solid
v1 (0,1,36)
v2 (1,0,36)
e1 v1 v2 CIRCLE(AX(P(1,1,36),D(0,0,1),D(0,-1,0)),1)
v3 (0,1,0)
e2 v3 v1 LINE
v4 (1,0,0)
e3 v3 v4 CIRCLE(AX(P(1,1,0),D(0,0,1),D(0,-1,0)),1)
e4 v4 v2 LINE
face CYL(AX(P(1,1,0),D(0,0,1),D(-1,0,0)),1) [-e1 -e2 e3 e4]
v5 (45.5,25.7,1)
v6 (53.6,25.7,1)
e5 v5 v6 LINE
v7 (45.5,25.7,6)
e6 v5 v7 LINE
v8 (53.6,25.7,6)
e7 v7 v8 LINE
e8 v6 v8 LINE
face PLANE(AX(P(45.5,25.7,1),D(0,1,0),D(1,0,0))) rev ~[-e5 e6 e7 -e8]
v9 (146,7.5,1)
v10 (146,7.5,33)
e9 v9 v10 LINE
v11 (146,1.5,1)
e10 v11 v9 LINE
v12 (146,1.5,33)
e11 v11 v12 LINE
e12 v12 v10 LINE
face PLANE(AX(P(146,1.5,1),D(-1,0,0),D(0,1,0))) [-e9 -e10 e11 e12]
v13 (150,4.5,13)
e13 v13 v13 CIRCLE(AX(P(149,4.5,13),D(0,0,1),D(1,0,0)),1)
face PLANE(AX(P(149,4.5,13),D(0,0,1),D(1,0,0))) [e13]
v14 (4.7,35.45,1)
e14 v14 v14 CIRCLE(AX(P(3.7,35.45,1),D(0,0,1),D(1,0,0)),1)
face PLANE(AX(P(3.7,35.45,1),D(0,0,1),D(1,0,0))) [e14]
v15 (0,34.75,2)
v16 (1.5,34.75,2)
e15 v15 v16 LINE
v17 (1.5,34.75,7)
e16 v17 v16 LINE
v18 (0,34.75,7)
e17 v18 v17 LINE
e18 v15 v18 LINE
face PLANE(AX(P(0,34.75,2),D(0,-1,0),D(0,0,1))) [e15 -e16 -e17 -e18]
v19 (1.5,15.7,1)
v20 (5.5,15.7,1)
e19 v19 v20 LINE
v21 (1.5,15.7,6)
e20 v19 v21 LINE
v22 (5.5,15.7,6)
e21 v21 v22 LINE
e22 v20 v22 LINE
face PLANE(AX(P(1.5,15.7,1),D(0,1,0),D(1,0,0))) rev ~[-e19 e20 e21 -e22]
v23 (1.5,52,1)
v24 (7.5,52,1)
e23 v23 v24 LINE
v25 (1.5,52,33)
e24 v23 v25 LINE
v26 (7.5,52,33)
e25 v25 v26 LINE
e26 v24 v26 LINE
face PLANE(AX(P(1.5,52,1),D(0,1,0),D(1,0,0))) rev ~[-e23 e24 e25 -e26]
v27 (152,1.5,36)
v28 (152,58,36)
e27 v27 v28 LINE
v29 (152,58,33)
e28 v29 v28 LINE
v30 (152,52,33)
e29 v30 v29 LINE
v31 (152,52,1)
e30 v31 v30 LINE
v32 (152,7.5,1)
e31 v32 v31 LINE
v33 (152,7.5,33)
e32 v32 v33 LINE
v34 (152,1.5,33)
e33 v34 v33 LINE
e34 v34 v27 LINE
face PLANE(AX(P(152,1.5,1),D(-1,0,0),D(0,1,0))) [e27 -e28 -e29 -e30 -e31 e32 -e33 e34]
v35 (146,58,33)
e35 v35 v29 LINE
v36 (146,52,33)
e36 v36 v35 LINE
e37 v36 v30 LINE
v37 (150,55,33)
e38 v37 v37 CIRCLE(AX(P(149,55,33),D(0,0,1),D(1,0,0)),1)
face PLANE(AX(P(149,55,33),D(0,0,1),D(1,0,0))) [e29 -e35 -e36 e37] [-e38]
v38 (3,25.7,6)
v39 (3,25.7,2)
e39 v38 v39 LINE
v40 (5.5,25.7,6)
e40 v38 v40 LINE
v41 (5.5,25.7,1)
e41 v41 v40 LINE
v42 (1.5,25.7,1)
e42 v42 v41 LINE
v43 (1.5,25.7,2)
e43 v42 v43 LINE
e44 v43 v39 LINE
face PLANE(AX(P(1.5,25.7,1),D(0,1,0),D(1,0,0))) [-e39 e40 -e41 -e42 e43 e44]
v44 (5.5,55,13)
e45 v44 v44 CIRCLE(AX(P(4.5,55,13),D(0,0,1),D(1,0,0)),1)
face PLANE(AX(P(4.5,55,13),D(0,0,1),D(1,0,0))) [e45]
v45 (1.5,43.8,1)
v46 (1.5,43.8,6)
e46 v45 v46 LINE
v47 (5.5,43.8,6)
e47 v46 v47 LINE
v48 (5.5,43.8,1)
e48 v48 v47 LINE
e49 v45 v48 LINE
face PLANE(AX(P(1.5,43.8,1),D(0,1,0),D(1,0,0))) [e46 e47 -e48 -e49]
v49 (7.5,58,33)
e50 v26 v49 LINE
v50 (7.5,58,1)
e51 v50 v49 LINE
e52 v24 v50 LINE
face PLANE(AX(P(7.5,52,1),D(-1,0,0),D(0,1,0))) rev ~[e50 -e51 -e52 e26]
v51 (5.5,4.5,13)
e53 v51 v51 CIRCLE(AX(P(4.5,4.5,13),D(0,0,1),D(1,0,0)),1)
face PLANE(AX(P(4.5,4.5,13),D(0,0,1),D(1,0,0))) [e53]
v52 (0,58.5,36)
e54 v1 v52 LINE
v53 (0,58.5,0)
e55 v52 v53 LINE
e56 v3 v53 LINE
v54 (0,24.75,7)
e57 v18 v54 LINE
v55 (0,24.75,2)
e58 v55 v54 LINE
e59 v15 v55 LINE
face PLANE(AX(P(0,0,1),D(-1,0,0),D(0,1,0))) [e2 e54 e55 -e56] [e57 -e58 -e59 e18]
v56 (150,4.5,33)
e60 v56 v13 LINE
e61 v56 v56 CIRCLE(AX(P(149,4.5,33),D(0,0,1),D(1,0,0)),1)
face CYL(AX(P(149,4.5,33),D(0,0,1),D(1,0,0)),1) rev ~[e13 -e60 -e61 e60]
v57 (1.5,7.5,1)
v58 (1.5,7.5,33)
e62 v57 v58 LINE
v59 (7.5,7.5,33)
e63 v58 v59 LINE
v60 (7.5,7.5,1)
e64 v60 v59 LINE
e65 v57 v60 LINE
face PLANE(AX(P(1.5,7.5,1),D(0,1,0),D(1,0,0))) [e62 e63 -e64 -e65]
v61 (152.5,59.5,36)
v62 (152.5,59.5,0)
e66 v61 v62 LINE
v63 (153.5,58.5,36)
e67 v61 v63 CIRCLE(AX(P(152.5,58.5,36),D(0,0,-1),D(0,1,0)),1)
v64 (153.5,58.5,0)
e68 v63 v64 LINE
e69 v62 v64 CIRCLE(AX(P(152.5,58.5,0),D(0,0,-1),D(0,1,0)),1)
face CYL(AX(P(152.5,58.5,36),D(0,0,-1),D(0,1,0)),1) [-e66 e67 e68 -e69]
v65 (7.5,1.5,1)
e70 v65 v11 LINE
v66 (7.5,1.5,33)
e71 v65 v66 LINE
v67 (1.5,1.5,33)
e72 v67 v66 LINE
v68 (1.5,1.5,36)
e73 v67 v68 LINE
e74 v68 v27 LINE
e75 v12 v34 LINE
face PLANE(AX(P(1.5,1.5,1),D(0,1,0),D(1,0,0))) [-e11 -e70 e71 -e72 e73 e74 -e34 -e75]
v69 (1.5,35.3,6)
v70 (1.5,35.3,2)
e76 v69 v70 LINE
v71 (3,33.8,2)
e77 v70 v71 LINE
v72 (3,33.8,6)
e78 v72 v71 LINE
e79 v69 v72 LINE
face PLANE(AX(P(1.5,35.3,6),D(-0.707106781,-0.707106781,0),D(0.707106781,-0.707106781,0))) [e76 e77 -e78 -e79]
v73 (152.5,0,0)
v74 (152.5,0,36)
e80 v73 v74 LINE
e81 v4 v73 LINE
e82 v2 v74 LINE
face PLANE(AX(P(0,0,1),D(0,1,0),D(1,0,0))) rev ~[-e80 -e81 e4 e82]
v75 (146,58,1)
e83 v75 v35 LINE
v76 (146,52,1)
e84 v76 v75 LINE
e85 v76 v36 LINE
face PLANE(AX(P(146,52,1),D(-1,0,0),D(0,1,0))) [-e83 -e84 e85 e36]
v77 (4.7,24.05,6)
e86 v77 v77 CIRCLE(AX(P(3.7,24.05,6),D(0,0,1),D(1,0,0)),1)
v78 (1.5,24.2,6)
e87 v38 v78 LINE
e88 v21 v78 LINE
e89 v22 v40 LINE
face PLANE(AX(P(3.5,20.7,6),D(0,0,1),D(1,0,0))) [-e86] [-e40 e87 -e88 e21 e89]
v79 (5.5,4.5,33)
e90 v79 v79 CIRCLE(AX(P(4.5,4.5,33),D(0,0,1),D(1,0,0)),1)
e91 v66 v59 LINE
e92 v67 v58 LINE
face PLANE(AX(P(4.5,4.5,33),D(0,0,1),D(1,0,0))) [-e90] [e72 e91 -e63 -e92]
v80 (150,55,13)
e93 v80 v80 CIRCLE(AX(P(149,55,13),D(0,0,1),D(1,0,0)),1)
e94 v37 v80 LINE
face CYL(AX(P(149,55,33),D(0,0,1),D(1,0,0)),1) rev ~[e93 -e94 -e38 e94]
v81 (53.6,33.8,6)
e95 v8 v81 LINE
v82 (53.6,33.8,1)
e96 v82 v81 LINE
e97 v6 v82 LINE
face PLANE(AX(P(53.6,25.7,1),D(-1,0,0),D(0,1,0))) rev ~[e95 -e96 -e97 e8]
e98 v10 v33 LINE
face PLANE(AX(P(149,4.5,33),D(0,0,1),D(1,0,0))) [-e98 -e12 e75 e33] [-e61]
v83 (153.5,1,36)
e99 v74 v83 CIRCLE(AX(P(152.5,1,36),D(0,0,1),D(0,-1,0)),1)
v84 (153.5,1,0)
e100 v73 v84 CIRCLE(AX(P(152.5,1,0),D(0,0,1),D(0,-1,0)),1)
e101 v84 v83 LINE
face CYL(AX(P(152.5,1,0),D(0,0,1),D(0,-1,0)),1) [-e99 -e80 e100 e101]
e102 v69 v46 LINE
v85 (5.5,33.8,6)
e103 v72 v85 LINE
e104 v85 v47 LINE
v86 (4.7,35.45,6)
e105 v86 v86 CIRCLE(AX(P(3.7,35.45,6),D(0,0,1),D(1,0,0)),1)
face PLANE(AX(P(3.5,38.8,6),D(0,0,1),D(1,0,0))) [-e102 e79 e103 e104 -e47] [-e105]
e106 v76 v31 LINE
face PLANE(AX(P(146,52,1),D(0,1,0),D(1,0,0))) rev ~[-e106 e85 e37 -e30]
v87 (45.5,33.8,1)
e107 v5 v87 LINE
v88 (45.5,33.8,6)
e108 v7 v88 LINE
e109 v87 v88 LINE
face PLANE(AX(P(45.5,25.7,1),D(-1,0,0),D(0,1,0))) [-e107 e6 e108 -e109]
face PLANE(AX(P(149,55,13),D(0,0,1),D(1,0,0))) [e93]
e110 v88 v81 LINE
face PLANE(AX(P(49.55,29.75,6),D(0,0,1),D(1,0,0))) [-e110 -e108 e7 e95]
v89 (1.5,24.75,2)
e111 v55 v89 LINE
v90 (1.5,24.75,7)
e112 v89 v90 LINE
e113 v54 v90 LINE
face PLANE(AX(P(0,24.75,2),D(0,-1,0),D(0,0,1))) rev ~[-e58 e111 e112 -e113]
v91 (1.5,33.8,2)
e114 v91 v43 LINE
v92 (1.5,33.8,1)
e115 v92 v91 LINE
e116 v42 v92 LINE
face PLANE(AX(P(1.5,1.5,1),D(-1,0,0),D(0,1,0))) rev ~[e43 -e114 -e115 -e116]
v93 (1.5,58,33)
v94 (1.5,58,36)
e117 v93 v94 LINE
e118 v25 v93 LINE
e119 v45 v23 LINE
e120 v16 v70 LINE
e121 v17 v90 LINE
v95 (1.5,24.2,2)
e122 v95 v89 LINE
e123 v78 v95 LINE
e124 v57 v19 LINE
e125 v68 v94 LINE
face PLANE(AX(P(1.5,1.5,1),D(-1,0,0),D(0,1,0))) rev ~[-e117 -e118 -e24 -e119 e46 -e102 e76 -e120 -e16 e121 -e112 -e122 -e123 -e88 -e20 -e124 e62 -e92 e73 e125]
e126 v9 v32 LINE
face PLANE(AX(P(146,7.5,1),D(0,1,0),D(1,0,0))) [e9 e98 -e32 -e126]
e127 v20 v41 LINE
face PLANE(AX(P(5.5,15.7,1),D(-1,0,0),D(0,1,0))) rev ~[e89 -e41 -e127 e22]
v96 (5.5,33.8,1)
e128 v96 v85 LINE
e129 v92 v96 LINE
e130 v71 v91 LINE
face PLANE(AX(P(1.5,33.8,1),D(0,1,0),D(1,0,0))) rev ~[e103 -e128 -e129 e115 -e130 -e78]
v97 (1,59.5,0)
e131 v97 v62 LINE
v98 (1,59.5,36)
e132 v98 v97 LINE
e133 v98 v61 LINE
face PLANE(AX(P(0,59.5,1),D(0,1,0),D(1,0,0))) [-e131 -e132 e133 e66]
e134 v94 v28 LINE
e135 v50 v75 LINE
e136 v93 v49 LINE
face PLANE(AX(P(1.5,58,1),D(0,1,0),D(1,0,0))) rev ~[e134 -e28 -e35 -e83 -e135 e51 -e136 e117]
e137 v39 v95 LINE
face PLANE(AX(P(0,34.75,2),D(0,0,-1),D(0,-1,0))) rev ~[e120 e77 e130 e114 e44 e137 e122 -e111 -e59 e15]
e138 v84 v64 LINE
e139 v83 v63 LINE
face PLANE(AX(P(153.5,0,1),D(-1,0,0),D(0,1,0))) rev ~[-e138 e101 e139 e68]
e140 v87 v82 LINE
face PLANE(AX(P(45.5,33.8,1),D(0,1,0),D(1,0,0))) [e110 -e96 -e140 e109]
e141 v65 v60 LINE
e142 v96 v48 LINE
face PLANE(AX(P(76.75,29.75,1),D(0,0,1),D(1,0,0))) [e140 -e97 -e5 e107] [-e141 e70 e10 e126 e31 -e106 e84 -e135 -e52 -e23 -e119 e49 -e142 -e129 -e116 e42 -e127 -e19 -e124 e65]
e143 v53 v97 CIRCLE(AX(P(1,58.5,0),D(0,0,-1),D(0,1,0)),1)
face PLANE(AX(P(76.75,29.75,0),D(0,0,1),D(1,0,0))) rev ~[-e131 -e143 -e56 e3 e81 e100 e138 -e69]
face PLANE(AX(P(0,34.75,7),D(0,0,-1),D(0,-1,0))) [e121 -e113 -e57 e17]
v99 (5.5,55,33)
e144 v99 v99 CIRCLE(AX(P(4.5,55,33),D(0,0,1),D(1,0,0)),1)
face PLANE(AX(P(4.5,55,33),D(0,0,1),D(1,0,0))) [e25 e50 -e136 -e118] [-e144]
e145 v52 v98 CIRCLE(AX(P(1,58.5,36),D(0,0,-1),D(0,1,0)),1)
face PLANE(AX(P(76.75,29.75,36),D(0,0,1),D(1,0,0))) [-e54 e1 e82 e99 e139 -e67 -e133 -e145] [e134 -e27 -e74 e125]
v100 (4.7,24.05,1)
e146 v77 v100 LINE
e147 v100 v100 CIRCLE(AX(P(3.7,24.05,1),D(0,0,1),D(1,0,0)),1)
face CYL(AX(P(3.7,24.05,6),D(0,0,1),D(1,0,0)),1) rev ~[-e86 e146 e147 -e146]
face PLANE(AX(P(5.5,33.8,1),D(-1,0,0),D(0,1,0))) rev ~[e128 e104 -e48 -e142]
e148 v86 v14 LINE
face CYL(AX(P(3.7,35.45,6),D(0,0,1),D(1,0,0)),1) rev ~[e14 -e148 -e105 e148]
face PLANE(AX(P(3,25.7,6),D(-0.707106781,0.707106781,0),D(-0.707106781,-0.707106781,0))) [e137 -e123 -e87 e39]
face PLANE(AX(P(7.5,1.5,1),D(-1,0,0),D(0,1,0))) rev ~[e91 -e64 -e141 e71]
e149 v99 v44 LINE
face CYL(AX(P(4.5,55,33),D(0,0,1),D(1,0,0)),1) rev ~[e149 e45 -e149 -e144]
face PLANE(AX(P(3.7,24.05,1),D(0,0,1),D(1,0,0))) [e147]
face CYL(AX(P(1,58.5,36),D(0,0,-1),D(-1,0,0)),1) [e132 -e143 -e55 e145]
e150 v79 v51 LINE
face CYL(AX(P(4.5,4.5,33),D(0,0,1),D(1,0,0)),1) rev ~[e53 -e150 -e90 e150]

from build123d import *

# Parameters (mm, degrees)
SKETCH_W        = 153.5
SKETCH_H        = 59.5
PAD_DEPTH       = 1
SKETCH001_W     = 153.5
SKETCH001_H     = 59.5
SKETCH001_W_2   = 150.5
SKETCH001_H_2   = 56.5
PAD001_DEPTH    = 35
SKETCH002_W     = 6
SKETCH002_H     = 6
PAD002_DEPTH    = 32
SKETCH003_R     = 1
POCKET_DEPTH    = 20
SKETCH004_W     = 4
SKETCH004_H     = 10
SKETCH004_W_2   = 8.1
SKETCH004_H_2   = 8.1
PAD003_DEPTH    = 5
SKETCH005_R     = 1
POCKET001_DEPTH = 5
SKETCH006_W     = 10
SKETCH006_H     = 5
POCKET002_DEPTH = 1.5
FILLET_R        = 1
POCKET003_DEPTH = 4


with BuildPart() as part:
    # Sketch → Pad (new body)
    with BuildSketch(Plane.XY):
        with Locations((76.75, 29.75)):
            Rectangle(SKETCH_W, SKETCH_H)
    extrude(amount=PAD_DEPTH)

    # Sketch001 (on Face6 of Pad) → Pad001 (join)
    with BuildSketch(Plane.XY.offset(1)):
        with Locations((76.75, 29.75)):
            Rectangle(SKETCH001_W, SKETCH001_H)
        with Locations((76.75, 29.75)):
            Rectangle(SKETCH001_W_2, SKETCH001_H_2, mode=Mode.SUBTRACT)
    extrude(amount=PAD001_DEPTH)

    # Sketch002 (on Face15 of Pad001) → Pad002 (join)
    with BuildSketch(Plane.XY.offset(1)):
        with Locations((4.5, 55)):
            Rectangle(SKETCH002_W, SKETCH002_H)
        with Locations((149, 55)):
            Rectangle(SKETCH002_W, SKETCH002_H)
        with Locations((149, 4.5)):
            Rectangle(SKETCH002_W, SKETCH002_H)
        with Locations((4.5, 4.5)):
            Rectangle(SKETCH002_W, SKETCH002_H)
    extrude(amount=PAD002_DEPTH)

    # Sketch003 (on Face15 of Pad002) → Pocket (cut)
    with BuildSketch(Plane.XY.offset(33)):
        with Locations((4.5, 55)):
            Circle(SKETCH003_R)
        with Locations((4.5, 4.5)):
            Circle(SKETCH003_R)
        with Locations((149, 4.5)):
            Circle(SKETCH003_R)
        with Locations((149, 55)):
            Circle(SKETCH003_R)
    extrude(amount=-POCKET_DEPTH, mode=Mode.SUBTRACT)

    # Sketch004 (on Face17 of Pocket) → Pad003 (join)
    with BuildSketch(Plane.XY.offset(1)):
        with Locations((3.5, 38.8)):
            Rectangle(SKETCH004_W, SKETCH004_H)
        with Locations((3.5, 20.7)):
            Rectangle(SKETCH004_W, SKETCH004_H)
        with Locations((49.55, 29.75)):
            Rectangle(SKETCH004_W_2, SKETCH004_H_2)
    extrude(amount=PAD003_DEPTH)

    # Sketch005 (on Face28 of Pad003) → Pocket001 (cut)
    with BuildSketch(Plane.XY.offset(6)):
        with Locations((3.7, 35.45)):
            Circle(SKETCH005_R)
        with Locations((3.7, 24.05)):
            Circle(SKETCH005_R)
    extrude(amount=-POCKET001_DEPTH, mode=Mode.SUBTRACT)

    # Sketch006 (on Face7 of Pocket001) → Pocket002 (cut)
    with BuildSketch(Plane(origin=(0, 0, 0), x_dir=(0, -1, 0), z_dir=(-1, 0, 0))):
        with Locations((-29.75, 4.5)):
            Rectangle(SKETCH006_W, SKETCH006_H)
    extrude(amount=-POCKET002_DEPTH, mode=Mode.SUBTRACT)

    # Fillet
    fillet_edges = [part.edges().sort_by_distance(p)[0] for p in [
        (153.5, 0, 18.5),
        (153.5, 59.5, 18.5),
        (0, 59.5, 18.5),
        (0, 0, 18.5),
    ]]
    fillet(fillet_edges, radius=FILLET_R)

    # Sketch007 (on Face40 of Fillet) → Pocket003 (cut)
    with BuildSketch(Plane.XY.offset(6)):
        Polygon((3, 33.8), (1.5, 33.8), (1.5, 35.3), align=None)
        Polygon((3, 25.7), (1.5, 24.2), (1.5, 25.7), align=None)
    extrude(amount=-POCKET003_DEPTH, mode=Mode.SUBTRACT)


solid = part.part
